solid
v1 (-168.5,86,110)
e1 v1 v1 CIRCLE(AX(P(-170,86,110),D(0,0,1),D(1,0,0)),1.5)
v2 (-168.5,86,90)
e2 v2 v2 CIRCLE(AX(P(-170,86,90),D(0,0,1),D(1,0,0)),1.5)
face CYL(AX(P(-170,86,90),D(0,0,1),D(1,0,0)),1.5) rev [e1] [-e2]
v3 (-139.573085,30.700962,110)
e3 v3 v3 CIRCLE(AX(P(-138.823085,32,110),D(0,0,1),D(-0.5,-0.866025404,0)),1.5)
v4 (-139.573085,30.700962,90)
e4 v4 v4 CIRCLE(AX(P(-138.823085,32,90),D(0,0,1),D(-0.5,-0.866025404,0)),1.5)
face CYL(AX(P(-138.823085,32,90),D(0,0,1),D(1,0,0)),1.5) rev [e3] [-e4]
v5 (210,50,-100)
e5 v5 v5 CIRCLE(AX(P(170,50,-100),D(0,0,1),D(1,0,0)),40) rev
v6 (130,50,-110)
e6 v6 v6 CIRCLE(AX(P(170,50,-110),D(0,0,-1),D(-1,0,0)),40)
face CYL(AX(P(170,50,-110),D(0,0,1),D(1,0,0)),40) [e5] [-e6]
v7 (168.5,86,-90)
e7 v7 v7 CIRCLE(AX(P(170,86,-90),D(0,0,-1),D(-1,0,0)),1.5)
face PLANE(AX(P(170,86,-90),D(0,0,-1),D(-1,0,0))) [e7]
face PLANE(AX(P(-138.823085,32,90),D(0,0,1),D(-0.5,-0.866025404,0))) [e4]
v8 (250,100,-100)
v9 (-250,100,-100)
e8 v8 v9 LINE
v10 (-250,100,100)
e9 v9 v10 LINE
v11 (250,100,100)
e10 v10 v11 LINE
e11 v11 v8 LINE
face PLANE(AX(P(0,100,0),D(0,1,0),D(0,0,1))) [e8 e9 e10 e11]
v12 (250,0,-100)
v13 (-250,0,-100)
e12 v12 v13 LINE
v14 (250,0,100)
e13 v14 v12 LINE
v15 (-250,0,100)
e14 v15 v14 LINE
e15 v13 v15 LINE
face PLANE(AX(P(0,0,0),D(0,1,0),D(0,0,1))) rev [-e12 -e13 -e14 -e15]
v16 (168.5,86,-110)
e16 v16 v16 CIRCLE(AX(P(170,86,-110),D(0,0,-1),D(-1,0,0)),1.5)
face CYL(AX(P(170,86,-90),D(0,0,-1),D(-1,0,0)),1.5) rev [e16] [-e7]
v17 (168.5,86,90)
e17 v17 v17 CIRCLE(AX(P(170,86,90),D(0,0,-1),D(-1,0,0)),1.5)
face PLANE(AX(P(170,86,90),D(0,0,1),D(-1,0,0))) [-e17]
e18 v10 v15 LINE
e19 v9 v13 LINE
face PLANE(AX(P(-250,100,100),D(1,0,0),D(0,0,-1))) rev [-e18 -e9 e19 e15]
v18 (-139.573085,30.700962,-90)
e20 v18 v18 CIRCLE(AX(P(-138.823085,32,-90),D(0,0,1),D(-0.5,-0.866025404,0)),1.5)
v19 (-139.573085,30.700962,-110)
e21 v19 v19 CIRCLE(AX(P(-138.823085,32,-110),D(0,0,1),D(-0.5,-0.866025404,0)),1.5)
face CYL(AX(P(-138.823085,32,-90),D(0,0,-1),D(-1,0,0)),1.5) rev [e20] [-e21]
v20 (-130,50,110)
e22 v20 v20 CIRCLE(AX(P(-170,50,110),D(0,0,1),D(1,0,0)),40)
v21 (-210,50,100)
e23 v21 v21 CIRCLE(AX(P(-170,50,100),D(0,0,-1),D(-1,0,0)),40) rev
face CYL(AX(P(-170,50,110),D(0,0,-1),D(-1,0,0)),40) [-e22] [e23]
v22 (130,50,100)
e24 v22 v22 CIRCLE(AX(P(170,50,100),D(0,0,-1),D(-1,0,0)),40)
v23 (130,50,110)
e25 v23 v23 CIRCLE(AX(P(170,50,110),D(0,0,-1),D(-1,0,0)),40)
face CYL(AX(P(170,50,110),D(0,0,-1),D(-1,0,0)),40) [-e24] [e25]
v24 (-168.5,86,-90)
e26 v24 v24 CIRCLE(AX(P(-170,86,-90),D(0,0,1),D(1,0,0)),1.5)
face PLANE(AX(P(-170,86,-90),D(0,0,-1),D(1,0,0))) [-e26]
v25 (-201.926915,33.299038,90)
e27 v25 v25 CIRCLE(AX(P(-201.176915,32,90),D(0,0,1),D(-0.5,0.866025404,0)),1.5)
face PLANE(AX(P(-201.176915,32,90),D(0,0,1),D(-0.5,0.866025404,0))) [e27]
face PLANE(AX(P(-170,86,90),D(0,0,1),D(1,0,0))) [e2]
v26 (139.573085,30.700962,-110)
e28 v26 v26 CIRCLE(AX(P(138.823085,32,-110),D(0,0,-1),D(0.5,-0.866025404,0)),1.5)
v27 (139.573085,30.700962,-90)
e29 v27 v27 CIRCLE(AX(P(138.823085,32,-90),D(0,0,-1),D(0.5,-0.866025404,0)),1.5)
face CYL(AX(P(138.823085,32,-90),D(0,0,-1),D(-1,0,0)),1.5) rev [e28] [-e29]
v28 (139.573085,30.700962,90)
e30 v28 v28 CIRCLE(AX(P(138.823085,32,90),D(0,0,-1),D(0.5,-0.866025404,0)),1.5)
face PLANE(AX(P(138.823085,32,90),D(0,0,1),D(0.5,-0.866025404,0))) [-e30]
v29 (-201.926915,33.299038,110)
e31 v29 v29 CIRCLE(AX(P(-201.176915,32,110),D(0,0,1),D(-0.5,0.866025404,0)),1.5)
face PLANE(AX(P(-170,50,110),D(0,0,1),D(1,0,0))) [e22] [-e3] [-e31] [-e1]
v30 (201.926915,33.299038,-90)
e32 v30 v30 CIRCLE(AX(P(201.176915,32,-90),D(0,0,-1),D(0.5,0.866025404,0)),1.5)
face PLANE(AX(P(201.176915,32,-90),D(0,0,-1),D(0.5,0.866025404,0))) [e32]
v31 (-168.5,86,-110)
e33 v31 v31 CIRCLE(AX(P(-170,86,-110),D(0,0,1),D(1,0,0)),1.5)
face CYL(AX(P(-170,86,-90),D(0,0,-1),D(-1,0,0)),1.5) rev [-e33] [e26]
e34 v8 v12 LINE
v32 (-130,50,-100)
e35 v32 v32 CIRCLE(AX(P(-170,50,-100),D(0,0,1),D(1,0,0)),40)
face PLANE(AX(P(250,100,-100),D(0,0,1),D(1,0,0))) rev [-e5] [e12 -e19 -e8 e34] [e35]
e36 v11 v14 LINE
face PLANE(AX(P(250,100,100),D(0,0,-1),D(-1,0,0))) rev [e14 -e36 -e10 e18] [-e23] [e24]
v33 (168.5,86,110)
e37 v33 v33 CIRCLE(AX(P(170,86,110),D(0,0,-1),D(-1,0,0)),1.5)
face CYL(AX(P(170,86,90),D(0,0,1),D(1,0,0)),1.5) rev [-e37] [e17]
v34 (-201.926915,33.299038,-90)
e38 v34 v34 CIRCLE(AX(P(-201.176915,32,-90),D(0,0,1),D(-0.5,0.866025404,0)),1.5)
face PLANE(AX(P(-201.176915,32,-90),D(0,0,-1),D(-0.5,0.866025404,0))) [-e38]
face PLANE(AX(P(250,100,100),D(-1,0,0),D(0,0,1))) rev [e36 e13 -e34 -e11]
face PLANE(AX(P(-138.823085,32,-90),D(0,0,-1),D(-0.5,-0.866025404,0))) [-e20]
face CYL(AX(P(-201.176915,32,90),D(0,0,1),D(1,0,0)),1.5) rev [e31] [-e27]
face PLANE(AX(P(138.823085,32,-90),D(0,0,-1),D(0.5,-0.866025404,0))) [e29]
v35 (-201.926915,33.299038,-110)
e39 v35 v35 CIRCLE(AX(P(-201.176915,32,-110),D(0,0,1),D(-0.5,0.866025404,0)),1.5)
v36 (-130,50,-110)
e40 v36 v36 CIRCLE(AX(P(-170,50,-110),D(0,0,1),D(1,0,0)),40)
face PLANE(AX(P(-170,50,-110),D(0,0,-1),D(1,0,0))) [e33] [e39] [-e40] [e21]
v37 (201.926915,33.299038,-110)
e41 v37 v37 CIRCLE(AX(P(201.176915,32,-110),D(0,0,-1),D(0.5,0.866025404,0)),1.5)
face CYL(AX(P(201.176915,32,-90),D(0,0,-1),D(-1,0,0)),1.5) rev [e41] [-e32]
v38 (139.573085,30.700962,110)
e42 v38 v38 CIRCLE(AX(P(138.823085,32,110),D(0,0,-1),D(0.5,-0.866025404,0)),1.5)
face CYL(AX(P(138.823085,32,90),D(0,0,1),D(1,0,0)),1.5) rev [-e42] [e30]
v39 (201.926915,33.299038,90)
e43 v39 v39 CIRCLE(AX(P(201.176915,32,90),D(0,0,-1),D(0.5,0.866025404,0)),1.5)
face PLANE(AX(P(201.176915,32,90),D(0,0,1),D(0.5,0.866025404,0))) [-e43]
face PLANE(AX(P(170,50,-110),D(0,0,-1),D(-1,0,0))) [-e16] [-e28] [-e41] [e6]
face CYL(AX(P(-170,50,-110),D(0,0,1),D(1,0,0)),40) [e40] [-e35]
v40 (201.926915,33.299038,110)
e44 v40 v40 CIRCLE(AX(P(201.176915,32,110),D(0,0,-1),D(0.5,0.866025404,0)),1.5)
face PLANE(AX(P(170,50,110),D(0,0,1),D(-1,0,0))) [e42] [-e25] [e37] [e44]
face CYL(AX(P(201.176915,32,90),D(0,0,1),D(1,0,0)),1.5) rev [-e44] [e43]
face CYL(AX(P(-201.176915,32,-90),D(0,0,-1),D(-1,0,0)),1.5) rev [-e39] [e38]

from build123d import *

# Parameters (mm, degrees)
SKETCH1_W               = 500
SKETCH1_H               = 200
BOSS_EXTRUDE1_DEPTH     = 100
SKETCH2_R               = 40
BOSS_EXTRUDE2_DEPTH     = 10
SKETCH5_R               = 1.5
CUT_EXTRUDE3_DEPTH      = 20
CIRPATTERN2_COUNT       = 3
MIRROR4_COPY_1_SKETCH_R = 1.5
MIRROR4_COPY_1_DEPTH    = 20
MIRROR4_COPY_2_SKETCH_R = 1.5
MIRROR4_COPY_2_DEPTH    = 20
MIRROR5_COPY_1_SKETCH_R = 1.5
MIRROR5_COPY_1_DEPTH    = 20
MIRROR5_COPY_2_SKETCH_R = 1.5
MIRROR5_COPY_2_DEPTH    = 20
MIRROR5_COPY_3_SKETCH_R = 40
MIRROR5_COPY_3_DEPTH    = 10
MIRROR5_COPY_4_SKETCH_R = 1.5
MIRROR5_COPY_4_DEPTH    = 20
MIRROR5_COPY_5_SKETCH_R = 1.5
MIRROR5_COPY_5_DEPTH    = 20
MIRROR5_COPY_6_SKETCH_R = 1.5
MIRROR5_COPY_6_DEPTH    = 20


with BuildPart() as part:
    # Sketch1 → Boss-Extrude1 (new body)
    with BuildSketch(Plane(origin=(0, 0, 0), x_dir=(1, 0, 0), z_dir=(0, 1, 0))):
        Rectangle(SKETCH1_W, SKETCH1_H)
    extrude(amount=BOSS_EXTRUDE1_DEPTH)

    # Sketch2 → Boss-Extrude2 (add)
    with BuildSketch(Plane.XY.offset(100)):
        with Locations(Location((-170, 50, 0), (0, 0, 180))):
            Circle(SKETCH2_R)
    boss_extrude2 = extrude(amount=BOSS_EXTRUDE2_DEPTH)

    # Sketch5 → Cut-Extrude3 (cut)
    with BuildSketch(Plane.XY.offset(110)):
        with Locations((-170, 86)):
            Circle(SKETCH5_R)
    cut_extrude3 = extrude(amount=-CUT_EXTRUDE3_DEPTH, mode=Mode.SUBTRACT)

    # CirPattern2: Cut-Extrude3 ×3 about axis
    cirpattern2_axis = Axis((-170, 50, 0), (0, 0, 1))
    for i in range(1, CIRPATTERN2_COUNT):
        add(cut_extrude3.rotate(cirpattern2_axis, i * 360 / CIRPATTERN2_COUNT), mode=Mode.SUBTRACT)

    # Mirror4: Boss-Extrude2, Cut-Extrude3 across plane
    add(boss_extrude2.mirror(Plane(origin=(0, 0, 0), x_dir=(0, 0, 1), z_dir=(1, 0, 0))))
    add(cut_extrude3.mirror(Plane(origin=(0, 0, 0), x_dir=(0, 0, 1), z_dir=(1, 0, 0))), mode=Mode.SUBTRACT)

    # Mirror4 copy 1 sketch → Mirror4 copy 1 (cut)
    with BuildSketch(Plane(origin=(211.698729811, 222.224318643, 110), x_dir=(0.4999999999999998, 0.8660254037844387, 0), z_dir=(0, 0, 1))):
        with Locations((-170, -86)):
            Circle(MIRROR4_COPY_1_SKETCH_R)
    extrude(amount=-MIRROR4_COPY_1_DEPTH, mode=Mode.SUBTRACT)

    # Mirror4 copy 2 sketch → Mirror4 copy 2 (cut)
    with BuildSketch(Plane(origin=(298.301270189, -72.224318643, 110), x_dir=(0.5000000000000004, -0.8660254037844384, 0), z_dir=(0, 0, 1))):
        with Locations((-170, -86)):
            Circle(MIRROR4_COPY_2_SKETCH_R)
    extrude(amount=-MIRROR4_COPY_2_DEPTH, mode=Mode.SUBTRACT)

    # Mirror5: Boss-Extrude2, Cut-Extrude3 across plane
    add(boss_extrude2.mirror(Plane.XY))
    add(cut_extrude3.mirror(Plane.XY), mode=Mode.SUBTRACT)

    # Mirror5 copy 1 sketch → Mirror5 copy 1 (cut)
    with BuildSketch(Plane(origin=(-211.698729811, 222.224318643, -110), x_dir=(-0.4999999999999998, 0.8660254037844387, 0), z_dir=(0, 0, -1))):
        with Locations((-170, -86)):
            Circle(MIRROR5_COPY_1_SKETCH_R)
    extrude(amount=-MIRROR5_COPY_1_DEPTH, mode=Mode.SUBTRACT)

    # Mirror5 copy 2 sketch → Mirror5 copy 2 (cut)
    with BuildSketch(Plane(origin=(-298.301270189, -72.224318643, -110), x_dir=(-0.5000000000000004, -0.8660254037844384, 0), z_dir=(0, 0, -1))):
        with Locations((-170, -86)):
            Circle(MIRROR5_COPY_2_SKETCH_R)
    extrude(amount=-MIRROR5_COPY_2_DEPTH, mode=Mode.SUBTRACT)

    # Mirror5 copy 3 sketch → Mirror5 copy 3 (add)
    with BuildSketch(Plane(origin=(0, 0, -100), x_dir=(-1, 0, 0), z_dir=(0, 0, -1))):
        with Locations(Location((-170, 50, 0), (0, 0, 180))):
            Circle(MIRROR5_COPY_3_SKETCH_R)
    extrude(amount=MIRROR5_COPY_3_DEPTH)

    # Mirror5 copy 4 sketch → Mirror5 copy 4 (cut)
    with BuildSketch(Plane(origin=(0, 0, -110), x_dir=(-1, 0, 0), z_dir=(0, 0, -1))):
        with Locations((-170, 86)):
            Circle(MIRROR5_COPY_4_SKETCH_R)
    extrude(amount=-MIRROR5_COPY_4_DEPTH, mode=Mode.SUBTRACT)

    # Mirror5 copy 5 sketch → Mirror5 copy 5 (cut)
    with BuildSketch(Plane(origin=(211.698729811, 222.224318643, -110), x_dir=(0.4999999999999998, 0.8660254037844387, 0), z_dir=(0, 0, -1))):
        with Locations((-170, 86)):
            Circle(MIRROR5_COPY_5_SKETCH_R)
    extrude(amount=-MIRROR5_COPY_5_DEPTH, mode=Mode.SUBTRACT)

    # Mirror5 copy 6 sketch → Mirror5 copy 6 (cut)
    with BuildSketch(Plane(origin=(298.301270189, -72.224318643, -110), x_dir=(0.5000000000000004, -0.8660254037844384, 0), z_dir=(0, 0, -1))):
        with Locations((-170, 86)):
            Circle(MIRROR5_COPY_6_SKETCH_R)
    extrude(amount=-MIRROR5_COPY_6_DEPTH, mode=Mode.SUBTRACT)


solid = part.part
